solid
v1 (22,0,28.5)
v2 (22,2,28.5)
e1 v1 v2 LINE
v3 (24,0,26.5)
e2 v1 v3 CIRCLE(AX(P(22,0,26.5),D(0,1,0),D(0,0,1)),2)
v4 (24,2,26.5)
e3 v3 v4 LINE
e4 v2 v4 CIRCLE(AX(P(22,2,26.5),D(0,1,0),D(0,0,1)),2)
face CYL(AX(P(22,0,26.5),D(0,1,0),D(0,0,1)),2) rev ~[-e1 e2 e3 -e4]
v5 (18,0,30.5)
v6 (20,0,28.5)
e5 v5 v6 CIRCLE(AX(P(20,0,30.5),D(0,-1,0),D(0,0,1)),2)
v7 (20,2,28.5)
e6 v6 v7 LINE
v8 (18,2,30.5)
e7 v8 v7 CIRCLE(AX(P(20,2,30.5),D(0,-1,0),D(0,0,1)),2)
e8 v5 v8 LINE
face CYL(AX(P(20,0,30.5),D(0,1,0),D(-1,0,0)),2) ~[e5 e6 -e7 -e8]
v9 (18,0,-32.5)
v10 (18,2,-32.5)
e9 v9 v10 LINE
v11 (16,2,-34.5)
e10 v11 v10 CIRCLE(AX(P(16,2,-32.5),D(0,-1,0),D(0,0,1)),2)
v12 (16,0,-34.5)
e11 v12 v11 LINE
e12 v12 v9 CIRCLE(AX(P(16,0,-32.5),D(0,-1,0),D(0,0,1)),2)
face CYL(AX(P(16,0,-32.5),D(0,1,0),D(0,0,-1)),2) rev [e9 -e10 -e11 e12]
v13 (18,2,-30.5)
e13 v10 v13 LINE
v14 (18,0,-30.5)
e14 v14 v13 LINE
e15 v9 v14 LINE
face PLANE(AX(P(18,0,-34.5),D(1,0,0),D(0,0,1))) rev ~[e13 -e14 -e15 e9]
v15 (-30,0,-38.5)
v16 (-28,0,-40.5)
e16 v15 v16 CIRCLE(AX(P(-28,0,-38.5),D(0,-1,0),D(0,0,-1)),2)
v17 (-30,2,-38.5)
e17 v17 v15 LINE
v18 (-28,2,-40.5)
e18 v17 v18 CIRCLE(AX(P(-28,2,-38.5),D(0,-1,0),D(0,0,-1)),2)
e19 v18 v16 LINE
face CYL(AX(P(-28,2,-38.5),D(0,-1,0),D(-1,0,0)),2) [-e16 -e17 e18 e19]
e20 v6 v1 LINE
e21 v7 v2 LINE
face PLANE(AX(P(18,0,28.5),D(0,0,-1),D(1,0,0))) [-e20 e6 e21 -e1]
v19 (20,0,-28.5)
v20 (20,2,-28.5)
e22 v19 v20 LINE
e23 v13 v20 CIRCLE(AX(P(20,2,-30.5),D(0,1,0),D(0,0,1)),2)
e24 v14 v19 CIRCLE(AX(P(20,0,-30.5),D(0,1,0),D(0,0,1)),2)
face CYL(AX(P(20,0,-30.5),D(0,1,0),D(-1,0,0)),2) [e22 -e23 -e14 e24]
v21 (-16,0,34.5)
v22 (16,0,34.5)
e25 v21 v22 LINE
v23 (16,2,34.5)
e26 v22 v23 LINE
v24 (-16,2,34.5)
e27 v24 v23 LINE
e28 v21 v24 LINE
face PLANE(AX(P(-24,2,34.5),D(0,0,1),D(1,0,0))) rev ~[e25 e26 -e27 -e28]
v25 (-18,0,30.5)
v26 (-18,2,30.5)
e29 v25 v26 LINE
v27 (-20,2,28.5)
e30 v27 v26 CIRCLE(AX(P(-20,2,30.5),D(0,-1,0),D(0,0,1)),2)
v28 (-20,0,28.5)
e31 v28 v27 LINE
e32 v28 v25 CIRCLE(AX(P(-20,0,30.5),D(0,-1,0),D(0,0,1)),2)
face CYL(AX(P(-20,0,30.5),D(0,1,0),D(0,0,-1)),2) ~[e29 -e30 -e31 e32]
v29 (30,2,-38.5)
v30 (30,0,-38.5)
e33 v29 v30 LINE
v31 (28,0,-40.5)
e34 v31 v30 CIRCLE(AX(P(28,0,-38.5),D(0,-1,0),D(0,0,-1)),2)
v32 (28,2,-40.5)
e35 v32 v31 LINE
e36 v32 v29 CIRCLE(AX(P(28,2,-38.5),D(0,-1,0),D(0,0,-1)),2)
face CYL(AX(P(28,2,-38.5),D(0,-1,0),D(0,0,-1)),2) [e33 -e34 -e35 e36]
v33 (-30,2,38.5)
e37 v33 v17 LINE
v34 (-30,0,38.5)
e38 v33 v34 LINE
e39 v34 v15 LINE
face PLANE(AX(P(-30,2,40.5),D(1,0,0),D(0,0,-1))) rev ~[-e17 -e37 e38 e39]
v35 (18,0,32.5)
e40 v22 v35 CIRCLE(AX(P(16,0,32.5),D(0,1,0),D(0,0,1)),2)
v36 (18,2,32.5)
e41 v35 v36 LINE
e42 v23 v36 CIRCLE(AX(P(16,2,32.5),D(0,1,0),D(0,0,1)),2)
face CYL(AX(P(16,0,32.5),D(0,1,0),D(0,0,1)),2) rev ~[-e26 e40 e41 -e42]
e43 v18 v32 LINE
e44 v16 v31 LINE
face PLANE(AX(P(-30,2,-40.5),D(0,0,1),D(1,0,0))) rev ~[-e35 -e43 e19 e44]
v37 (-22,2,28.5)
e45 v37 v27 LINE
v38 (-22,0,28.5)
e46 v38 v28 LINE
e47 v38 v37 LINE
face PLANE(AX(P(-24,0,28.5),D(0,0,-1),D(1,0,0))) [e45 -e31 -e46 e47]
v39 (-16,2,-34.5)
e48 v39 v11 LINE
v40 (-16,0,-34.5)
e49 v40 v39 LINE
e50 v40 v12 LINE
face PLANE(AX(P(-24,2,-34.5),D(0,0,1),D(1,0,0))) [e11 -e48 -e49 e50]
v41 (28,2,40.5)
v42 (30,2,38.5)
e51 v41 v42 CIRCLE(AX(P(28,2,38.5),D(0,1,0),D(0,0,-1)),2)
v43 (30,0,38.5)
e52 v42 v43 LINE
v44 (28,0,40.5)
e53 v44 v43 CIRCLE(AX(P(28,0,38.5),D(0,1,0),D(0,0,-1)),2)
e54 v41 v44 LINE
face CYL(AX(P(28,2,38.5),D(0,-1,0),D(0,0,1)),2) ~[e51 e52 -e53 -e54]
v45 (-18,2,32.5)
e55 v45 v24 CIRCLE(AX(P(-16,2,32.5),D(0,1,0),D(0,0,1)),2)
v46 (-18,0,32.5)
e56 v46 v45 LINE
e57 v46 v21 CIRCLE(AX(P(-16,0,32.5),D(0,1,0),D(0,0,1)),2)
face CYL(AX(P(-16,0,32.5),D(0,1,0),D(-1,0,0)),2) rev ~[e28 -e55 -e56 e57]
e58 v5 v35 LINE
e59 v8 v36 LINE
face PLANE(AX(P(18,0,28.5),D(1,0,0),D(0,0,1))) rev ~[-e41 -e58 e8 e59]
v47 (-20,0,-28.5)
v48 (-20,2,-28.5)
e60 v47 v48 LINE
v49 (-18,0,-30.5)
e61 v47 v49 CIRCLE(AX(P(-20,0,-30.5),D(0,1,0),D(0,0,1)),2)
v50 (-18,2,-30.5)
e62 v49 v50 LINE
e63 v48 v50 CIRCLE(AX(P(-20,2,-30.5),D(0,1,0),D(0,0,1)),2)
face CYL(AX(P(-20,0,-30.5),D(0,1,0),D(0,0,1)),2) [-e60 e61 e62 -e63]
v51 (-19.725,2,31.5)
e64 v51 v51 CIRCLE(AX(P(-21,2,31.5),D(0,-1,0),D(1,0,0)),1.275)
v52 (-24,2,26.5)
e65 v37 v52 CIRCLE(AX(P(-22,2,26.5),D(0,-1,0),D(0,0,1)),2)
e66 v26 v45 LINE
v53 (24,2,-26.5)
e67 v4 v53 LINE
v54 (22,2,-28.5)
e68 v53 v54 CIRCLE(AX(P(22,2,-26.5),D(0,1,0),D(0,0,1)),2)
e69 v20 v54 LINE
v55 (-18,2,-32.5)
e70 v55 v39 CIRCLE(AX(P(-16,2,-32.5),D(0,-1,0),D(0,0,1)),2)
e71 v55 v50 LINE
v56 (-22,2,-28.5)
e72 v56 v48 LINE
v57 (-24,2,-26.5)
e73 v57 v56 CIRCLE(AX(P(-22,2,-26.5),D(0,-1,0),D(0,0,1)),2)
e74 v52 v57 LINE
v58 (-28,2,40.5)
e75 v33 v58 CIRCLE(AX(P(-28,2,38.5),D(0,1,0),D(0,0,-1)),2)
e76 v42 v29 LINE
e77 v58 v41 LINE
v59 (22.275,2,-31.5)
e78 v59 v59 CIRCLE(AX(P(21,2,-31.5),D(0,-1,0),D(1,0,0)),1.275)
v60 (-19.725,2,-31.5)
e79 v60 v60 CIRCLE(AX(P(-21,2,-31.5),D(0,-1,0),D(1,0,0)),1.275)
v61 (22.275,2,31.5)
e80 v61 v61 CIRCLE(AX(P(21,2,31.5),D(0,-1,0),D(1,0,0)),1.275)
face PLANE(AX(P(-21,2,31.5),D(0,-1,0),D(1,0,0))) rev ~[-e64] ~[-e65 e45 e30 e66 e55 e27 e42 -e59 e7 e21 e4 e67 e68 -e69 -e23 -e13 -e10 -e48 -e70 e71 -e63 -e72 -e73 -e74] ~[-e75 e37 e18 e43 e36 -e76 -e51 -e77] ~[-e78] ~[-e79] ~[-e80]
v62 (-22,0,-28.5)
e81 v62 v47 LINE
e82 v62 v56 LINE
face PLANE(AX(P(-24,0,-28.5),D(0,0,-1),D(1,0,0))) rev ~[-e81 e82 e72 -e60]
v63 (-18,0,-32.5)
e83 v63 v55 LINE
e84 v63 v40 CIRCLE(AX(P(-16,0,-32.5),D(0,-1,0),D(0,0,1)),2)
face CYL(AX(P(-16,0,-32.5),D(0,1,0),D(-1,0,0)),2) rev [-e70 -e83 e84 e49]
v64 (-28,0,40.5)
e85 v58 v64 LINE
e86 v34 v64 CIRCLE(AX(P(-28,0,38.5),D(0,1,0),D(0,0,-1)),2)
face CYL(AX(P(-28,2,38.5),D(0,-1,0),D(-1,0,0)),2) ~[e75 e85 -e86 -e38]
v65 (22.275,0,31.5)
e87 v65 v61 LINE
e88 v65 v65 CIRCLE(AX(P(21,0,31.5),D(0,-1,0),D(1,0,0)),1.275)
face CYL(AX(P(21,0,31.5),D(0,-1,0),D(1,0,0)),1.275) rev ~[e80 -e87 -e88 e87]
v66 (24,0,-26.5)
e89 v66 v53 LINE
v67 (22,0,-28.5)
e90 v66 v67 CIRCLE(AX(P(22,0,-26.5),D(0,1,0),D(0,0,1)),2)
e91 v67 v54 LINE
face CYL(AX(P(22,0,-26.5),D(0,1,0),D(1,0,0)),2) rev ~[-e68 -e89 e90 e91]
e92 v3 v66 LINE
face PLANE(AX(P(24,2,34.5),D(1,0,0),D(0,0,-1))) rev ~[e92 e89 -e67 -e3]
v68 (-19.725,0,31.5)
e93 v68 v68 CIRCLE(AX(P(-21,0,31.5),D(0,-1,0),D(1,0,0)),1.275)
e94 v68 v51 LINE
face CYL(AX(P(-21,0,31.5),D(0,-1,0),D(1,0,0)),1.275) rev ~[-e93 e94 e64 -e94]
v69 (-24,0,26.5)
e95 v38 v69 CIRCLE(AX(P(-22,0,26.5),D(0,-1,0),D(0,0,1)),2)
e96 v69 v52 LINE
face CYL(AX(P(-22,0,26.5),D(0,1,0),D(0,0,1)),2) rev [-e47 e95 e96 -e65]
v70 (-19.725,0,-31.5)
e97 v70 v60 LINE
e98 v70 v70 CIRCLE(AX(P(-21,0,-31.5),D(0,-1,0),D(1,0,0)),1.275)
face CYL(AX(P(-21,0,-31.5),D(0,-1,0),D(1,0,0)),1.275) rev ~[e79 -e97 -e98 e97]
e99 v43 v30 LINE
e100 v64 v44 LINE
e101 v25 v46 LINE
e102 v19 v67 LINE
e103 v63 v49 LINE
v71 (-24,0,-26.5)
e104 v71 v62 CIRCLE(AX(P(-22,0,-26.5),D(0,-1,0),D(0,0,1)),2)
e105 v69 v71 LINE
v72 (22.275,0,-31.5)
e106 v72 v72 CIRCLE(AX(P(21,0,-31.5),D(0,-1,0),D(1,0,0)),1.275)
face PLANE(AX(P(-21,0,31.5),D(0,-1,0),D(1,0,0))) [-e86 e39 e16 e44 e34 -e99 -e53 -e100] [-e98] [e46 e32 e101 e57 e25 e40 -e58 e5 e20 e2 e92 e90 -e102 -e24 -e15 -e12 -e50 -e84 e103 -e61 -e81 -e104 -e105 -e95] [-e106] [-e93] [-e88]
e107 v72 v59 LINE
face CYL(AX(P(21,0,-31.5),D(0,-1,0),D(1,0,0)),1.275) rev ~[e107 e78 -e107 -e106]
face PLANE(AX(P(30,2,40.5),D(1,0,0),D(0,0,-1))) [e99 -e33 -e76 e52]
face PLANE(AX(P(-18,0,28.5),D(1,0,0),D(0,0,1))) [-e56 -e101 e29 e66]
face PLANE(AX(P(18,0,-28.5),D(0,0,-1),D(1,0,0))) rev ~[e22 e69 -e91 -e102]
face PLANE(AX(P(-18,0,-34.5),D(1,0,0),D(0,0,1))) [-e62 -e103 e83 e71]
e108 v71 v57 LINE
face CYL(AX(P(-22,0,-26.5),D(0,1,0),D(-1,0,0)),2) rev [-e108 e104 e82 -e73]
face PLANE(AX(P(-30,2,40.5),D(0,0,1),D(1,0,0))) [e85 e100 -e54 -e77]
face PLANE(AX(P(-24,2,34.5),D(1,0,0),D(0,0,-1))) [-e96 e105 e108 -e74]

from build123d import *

# Parameters (mm, degrees)
SKETCH_1_W          = 48
SKETCH_1_H          = 69
EXTRUDE_1_DEPTH     = 2
SKETCH_2_W          = 60
SKETCH_2_H          = 81
EXTRUDE_2_DEPTH     = 2
SKETCH_3_W          = 48
SKETCH_3_H          = 69
CUT_EXTRUDE_1_DEPTH = 2
SKETCH_4_W          = 6
SKETCH_4_H          = 6
EXTRUDE_3_DEPTH     = 2
SKETCH_5_R          = 1.275
CUT_EXTRUDE_2_DEPTH = 2
FILLET_1_R          = 2


with BuildPart() as part:
    # 草图1 → 凸台-拉伸1 (new body)
    with BuildSketch(Plane(origin=(0, 0, 0), x_dir=(1, 0, 0), z_dir=(0, 1, 0))):
        Rectangle(SKETCH_1_W, SKETCH_1_H)
    extrude(amount=EXTRUDE_1_DEPTH)

    # 草图2 → 凸台-拉伸2 (add)
    with BuildSketch(Plane(origin=(0, 2, 0), x_dir=(1, 0, 0), z_dir=(0, 1, 0))):
        Rectangle(SKETCH_2_W, SKETCH_2_H)
    extrude(amount=-EXTRUDE_2_DEPTH)

    # 草图3 → 切除-拉伸1 (cut)
    with BuildSketch(Plane(origin=(0, 2, 0), x_dir=(1, 0, 0), z_dir=(0, 1, 0))):
        Rectangle(SKETCH_3_W, SKETCH_3_H)
    extrude(amount=-CUT_EXTRUDE_1_DEPTH, mode=Mode.SUBTRACT)

    # 草图4 → 凸台-拉伸3 (add)
    with BuildSketch(Plane.XZ):
        with Locations((-21, 31.5)):
            Rectangle(SKETCH_4_W, SKETCH_4_H)
        with Locations((21, 31.5)):
            Rectangle(SKETCH_4_W, SKETCH_4_H)
        with Locations((-21, -31.5)):
            Rectangle(SKETCH_4_W, SKETCH_4_H)
        with Locations((21, -31.5)):
            Rectangle(SKETCH_4_W, SKETCH_4_H)
    extrude(amount=-EXTRUDE_3_DEPTH)

    # 草图5 → 切除-拉伸2 (cut)
    with BuildSketch(Plane.XZ):
        with Locations((-21, 31.5)):
            Circle(SKETCH_5_R)
        with Locations((-21, -31.5)):
            Circle(SKETCH_5_R)
        with Locations((21, -31.5)):
            Circle(SKETCH_5_R)
        with Locations((21, 31.5)):
            Circle(SKETCH_5_R)
    extrude(amount=-CUT_EXTRUDE_2_DEPTH, mode=Mode.SUBTRACT)

    # 圆角1
    fillet_1_edges = [part.edges().sort_by_distance(p)[0] for p in [
        (30, 1, -40.5),
        (-30, 1, -40.5),
        (-30, 1, 40.5),
        (30, 1, 40.5),
        (-24, 1, 28.5),
        (-18, 1, 34.5),
        (-18, 1, 28.5),
        (24, 1, 28.5),
        (18, 1, 28.5),
        (18, 1, 34.5),
        (-24, 1, -28.5),
        (-18, 1, -28.5),
        (-18, 1, -34.5),
        (24, 1, -28.5),
        (18, 1, -34.5),
        (18, 1, -28.5),
    ]]
    fillet(fillet_1_edges, radius=FILLET_1_R)


solid = part.part
